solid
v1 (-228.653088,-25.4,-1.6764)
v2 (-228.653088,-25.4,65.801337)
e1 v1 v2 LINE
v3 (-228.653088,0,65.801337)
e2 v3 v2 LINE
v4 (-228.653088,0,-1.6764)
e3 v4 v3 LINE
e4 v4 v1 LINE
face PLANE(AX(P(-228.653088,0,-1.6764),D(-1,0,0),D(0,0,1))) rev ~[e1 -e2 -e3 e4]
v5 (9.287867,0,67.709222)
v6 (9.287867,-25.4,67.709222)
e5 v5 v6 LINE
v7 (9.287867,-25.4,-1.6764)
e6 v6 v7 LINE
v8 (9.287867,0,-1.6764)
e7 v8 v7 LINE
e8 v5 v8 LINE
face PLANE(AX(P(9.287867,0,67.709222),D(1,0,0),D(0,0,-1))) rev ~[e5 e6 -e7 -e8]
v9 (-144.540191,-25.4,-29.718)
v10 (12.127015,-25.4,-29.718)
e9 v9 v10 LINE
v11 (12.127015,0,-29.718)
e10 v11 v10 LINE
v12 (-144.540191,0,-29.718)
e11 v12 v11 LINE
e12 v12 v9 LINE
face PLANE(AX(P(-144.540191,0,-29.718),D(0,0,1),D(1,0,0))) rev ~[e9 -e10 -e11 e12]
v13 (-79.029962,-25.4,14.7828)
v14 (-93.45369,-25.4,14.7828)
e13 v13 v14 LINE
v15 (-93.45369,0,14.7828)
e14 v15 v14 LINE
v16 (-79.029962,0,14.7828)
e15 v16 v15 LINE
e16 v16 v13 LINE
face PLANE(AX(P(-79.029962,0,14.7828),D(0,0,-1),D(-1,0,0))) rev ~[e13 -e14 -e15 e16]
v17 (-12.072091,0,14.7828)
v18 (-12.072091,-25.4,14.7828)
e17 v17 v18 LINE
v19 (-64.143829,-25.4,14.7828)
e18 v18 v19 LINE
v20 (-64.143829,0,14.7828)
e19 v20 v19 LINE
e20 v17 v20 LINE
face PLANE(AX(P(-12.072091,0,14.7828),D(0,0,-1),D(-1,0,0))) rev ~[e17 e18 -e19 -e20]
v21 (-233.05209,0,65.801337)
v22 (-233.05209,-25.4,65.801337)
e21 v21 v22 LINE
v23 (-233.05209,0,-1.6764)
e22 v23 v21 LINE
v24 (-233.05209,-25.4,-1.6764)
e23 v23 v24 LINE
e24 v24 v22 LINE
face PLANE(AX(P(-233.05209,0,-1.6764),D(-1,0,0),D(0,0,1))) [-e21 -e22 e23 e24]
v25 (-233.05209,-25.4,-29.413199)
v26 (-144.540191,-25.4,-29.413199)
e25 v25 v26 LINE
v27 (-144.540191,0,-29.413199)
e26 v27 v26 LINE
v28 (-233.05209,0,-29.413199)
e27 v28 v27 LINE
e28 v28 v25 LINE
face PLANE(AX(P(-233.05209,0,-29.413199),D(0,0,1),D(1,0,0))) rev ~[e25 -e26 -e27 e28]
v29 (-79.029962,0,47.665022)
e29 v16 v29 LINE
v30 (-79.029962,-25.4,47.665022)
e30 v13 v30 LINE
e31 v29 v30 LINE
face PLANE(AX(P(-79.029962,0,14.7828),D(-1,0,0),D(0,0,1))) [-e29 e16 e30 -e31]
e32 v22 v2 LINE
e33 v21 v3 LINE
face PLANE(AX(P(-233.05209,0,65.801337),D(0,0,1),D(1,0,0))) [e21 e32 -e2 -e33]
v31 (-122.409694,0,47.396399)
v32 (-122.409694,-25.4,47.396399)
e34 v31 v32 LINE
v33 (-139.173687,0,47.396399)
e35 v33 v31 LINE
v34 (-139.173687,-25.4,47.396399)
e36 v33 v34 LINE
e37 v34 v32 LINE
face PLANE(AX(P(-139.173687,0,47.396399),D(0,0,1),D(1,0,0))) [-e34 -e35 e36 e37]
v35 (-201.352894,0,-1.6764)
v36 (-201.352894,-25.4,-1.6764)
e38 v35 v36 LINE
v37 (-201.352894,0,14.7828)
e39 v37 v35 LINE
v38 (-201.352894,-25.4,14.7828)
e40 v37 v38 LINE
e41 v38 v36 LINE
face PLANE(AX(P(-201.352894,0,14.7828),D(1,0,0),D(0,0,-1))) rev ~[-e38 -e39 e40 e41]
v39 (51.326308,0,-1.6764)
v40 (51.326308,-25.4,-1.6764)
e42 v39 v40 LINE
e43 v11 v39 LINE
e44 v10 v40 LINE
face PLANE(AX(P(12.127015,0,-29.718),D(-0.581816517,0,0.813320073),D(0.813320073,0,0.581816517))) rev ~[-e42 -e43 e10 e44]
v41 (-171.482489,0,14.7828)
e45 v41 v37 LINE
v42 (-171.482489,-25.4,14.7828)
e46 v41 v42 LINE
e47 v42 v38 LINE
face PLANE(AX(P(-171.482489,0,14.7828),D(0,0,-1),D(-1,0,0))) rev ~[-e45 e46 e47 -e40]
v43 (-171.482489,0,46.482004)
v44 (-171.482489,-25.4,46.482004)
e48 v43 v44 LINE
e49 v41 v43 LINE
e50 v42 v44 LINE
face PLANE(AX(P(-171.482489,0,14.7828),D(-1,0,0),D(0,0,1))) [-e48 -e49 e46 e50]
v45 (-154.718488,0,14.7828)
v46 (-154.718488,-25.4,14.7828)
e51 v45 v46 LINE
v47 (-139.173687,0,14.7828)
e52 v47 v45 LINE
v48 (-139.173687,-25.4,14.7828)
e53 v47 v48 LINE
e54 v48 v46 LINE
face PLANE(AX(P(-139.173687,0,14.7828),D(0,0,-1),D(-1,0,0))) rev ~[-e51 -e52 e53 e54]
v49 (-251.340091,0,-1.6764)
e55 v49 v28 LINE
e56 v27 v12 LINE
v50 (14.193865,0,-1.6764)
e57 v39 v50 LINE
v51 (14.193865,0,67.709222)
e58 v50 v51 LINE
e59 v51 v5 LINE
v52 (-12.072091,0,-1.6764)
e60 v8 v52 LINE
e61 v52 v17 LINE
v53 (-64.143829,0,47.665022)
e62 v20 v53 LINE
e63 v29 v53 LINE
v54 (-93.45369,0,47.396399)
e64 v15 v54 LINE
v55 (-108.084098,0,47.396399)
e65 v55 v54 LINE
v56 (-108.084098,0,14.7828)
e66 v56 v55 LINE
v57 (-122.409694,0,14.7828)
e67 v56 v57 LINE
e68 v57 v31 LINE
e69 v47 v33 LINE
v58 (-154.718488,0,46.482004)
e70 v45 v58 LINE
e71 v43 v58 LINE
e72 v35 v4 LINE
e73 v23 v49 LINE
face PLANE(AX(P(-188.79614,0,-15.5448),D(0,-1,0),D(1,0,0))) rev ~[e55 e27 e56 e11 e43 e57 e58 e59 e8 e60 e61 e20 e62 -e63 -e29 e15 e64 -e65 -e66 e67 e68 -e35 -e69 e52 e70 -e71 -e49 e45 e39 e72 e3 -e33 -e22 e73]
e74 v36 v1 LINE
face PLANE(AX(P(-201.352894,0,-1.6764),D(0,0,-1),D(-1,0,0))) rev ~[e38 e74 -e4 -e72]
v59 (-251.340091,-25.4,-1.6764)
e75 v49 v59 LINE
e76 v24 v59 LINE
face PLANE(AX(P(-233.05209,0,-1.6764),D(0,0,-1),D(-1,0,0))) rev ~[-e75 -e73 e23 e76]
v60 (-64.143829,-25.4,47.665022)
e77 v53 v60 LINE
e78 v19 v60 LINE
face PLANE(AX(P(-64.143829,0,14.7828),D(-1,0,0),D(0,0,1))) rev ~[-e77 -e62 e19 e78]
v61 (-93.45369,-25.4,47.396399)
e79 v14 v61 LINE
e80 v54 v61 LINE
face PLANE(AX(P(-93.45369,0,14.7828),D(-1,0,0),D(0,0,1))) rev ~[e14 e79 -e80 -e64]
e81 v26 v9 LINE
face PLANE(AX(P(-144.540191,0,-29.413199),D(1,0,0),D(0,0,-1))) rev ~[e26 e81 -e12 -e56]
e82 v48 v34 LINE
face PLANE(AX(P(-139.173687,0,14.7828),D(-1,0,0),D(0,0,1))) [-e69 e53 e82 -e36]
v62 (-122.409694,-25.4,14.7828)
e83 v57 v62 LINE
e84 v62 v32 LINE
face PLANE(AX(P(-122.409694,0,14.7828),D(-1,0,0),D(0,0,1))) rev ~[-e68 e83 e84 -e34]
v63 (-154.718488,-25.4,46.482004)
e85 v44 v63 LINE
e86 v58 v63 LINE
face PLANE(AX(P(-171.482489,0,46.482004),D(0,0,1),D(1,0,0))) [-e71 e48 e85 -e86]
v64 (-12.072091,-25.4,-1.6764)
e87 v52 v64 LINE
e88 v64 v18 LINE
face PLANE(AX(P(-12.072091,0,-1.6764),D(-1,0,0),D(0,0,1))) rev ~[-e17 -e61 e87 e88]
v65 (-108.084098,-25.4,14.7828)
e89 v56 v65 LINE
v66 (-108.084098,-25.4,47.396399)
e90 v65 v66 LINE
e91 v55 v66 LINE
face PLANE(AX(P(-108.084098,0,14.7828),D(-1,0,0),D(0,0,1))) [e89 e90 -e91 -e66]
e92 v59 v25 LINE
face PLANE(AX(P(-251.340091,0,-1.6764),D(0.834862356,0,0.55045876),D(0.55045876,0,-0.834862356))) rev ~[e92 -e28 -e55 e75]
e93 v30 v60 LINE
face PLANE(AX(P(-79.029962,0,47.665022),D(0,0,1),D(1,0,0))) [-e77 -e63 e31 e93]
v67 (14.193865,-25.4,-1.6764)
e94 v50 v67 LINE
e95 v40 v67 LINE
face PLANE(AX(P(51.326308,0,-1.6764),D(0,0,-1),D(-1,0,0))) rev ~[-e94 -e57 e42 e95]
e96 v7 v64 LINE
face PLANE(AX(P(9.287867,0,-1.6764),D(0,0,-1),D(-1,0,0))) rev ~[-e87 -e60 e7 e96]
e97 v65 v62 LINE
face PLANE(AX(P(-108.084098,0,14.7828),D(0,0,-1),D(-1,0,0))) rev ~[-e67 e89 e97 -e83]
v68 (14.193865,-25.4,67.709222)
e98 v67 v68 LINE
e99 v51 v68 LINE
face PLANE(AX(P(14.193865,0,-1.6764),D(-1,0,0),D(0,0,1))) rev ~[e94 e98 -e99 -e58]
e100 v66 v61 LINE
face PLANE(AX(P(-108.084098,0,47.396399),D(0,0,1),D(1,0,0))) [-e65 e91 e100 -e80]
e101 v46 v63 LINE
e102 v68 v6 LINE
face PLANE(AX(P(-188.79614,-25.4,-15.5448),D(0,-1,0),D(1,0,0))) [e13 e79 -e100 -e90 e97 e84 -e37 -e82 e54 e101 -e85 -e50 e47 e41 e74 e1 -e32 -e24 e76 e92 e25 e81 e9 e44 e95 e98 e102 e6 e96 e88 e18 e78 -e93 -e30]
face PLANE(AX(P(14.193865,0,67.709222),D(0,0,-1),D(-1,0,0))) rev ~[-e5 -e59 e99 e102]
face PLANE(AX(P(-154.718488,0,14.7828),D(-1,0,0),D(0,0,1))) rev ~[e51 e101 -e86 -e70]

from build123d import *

# Parameters (mm, degrees)
F0_W     = 4.3990015984
F0_H     = 67.477737437
F0_W_2   = 16.7640000582
F0_H_2   = 31.6992038861
F0_W_3   = 16.7639926076
F0_H_3   = 32.6135987416
F0_W_4   = 14.630407095
F0_W_5   = 14.8861333728
F0_H_4   = 32.8822219744
F1_DEPTH = 25.4


with BuildPart() as f1:
    # F0 (on Front) → F1 (new body)
    with BuildSketch(Plane.XZ):
        Polygon((-144.5401906967, -29.4131990522), (-144.5401906967, -1.6764000757), (-201.3528943062, -1.6764000757), (-228.653088212, -1.6764000757), (-233.0520898104, -1.6764000757), (-233.0520898104, -29.4131990522), align=None)
        Polygon((-251.3400912285, -1.6764000757), (-233.0520898104, -29.4131990522), (-233.0520898104, -1.6764000757), align=None)
        Polygon((-201.3528943062, -1.6764000757), (-144.5401906967, -1.6764000757), (-12.0720909908, -1.6764000757), (-12.0720909908, 14.7828003392), (-64.1438290477, 14.7828003392), (-79.0299624205, 14.7828003392), (-93.4536904097, 14.7828003392), (-108.0840975046, 14.7828003392), (-122.4096938968, 14.7828003392), (-139.1736865044, 14.7828003392), (-154.7184884548, 14.7828003392), (-171.482488513, 14.7828003392), (-201.3528943062, 14.7828003392), align=None)
        with Locations((-230.8525890112, 32.0624686428)):
            Rectangle(F0_W, F0_H)
        with Locations((-163.1004884839, 30.6324022822)):
            Rectangle(F0_W_2, F0_H_2)
        with Locations((-130.7916902006, 31.08959971)):
            Rectangle(F0_W_3, F0_H_3)
        with Locations((-100.7688939571, 31.08959971)):
            Rectangle(F0_W_4, F0_H_3)
        with Locations((-71.5868957341, 31.2239113264)):
            Rectangle(F0_W_5, F0_H_4)
        Polygon((-12.0720909908, -1.6764000757), (-144.5401906967, -1.6764000757), (-144.5401906967, -29.4131990522), (-144.5401906967, -29.7180004418), (12.1270148084, -29.7180004418), (12.1270148084, -1.6764000757), (9.2878667638, -1.6764000757), align=None)
        Polygon((14.1938654706, -1.6764000757), (12.1270148084, -1.6764000757), (12.1270148084, -29.7180004418), (51.3263083994, -1.6764000757), align=None)
        Polygon((9.2878667638, 67.709222436), (9.2878667638, -1.6764000757), (12.1270148084, -1.6764000757), (14.1938654706, -1.6764000757), (14.1938654706, 67.709222436), align=None)
    extrude(amount=F1_DEPTH)


solid = f1.part
